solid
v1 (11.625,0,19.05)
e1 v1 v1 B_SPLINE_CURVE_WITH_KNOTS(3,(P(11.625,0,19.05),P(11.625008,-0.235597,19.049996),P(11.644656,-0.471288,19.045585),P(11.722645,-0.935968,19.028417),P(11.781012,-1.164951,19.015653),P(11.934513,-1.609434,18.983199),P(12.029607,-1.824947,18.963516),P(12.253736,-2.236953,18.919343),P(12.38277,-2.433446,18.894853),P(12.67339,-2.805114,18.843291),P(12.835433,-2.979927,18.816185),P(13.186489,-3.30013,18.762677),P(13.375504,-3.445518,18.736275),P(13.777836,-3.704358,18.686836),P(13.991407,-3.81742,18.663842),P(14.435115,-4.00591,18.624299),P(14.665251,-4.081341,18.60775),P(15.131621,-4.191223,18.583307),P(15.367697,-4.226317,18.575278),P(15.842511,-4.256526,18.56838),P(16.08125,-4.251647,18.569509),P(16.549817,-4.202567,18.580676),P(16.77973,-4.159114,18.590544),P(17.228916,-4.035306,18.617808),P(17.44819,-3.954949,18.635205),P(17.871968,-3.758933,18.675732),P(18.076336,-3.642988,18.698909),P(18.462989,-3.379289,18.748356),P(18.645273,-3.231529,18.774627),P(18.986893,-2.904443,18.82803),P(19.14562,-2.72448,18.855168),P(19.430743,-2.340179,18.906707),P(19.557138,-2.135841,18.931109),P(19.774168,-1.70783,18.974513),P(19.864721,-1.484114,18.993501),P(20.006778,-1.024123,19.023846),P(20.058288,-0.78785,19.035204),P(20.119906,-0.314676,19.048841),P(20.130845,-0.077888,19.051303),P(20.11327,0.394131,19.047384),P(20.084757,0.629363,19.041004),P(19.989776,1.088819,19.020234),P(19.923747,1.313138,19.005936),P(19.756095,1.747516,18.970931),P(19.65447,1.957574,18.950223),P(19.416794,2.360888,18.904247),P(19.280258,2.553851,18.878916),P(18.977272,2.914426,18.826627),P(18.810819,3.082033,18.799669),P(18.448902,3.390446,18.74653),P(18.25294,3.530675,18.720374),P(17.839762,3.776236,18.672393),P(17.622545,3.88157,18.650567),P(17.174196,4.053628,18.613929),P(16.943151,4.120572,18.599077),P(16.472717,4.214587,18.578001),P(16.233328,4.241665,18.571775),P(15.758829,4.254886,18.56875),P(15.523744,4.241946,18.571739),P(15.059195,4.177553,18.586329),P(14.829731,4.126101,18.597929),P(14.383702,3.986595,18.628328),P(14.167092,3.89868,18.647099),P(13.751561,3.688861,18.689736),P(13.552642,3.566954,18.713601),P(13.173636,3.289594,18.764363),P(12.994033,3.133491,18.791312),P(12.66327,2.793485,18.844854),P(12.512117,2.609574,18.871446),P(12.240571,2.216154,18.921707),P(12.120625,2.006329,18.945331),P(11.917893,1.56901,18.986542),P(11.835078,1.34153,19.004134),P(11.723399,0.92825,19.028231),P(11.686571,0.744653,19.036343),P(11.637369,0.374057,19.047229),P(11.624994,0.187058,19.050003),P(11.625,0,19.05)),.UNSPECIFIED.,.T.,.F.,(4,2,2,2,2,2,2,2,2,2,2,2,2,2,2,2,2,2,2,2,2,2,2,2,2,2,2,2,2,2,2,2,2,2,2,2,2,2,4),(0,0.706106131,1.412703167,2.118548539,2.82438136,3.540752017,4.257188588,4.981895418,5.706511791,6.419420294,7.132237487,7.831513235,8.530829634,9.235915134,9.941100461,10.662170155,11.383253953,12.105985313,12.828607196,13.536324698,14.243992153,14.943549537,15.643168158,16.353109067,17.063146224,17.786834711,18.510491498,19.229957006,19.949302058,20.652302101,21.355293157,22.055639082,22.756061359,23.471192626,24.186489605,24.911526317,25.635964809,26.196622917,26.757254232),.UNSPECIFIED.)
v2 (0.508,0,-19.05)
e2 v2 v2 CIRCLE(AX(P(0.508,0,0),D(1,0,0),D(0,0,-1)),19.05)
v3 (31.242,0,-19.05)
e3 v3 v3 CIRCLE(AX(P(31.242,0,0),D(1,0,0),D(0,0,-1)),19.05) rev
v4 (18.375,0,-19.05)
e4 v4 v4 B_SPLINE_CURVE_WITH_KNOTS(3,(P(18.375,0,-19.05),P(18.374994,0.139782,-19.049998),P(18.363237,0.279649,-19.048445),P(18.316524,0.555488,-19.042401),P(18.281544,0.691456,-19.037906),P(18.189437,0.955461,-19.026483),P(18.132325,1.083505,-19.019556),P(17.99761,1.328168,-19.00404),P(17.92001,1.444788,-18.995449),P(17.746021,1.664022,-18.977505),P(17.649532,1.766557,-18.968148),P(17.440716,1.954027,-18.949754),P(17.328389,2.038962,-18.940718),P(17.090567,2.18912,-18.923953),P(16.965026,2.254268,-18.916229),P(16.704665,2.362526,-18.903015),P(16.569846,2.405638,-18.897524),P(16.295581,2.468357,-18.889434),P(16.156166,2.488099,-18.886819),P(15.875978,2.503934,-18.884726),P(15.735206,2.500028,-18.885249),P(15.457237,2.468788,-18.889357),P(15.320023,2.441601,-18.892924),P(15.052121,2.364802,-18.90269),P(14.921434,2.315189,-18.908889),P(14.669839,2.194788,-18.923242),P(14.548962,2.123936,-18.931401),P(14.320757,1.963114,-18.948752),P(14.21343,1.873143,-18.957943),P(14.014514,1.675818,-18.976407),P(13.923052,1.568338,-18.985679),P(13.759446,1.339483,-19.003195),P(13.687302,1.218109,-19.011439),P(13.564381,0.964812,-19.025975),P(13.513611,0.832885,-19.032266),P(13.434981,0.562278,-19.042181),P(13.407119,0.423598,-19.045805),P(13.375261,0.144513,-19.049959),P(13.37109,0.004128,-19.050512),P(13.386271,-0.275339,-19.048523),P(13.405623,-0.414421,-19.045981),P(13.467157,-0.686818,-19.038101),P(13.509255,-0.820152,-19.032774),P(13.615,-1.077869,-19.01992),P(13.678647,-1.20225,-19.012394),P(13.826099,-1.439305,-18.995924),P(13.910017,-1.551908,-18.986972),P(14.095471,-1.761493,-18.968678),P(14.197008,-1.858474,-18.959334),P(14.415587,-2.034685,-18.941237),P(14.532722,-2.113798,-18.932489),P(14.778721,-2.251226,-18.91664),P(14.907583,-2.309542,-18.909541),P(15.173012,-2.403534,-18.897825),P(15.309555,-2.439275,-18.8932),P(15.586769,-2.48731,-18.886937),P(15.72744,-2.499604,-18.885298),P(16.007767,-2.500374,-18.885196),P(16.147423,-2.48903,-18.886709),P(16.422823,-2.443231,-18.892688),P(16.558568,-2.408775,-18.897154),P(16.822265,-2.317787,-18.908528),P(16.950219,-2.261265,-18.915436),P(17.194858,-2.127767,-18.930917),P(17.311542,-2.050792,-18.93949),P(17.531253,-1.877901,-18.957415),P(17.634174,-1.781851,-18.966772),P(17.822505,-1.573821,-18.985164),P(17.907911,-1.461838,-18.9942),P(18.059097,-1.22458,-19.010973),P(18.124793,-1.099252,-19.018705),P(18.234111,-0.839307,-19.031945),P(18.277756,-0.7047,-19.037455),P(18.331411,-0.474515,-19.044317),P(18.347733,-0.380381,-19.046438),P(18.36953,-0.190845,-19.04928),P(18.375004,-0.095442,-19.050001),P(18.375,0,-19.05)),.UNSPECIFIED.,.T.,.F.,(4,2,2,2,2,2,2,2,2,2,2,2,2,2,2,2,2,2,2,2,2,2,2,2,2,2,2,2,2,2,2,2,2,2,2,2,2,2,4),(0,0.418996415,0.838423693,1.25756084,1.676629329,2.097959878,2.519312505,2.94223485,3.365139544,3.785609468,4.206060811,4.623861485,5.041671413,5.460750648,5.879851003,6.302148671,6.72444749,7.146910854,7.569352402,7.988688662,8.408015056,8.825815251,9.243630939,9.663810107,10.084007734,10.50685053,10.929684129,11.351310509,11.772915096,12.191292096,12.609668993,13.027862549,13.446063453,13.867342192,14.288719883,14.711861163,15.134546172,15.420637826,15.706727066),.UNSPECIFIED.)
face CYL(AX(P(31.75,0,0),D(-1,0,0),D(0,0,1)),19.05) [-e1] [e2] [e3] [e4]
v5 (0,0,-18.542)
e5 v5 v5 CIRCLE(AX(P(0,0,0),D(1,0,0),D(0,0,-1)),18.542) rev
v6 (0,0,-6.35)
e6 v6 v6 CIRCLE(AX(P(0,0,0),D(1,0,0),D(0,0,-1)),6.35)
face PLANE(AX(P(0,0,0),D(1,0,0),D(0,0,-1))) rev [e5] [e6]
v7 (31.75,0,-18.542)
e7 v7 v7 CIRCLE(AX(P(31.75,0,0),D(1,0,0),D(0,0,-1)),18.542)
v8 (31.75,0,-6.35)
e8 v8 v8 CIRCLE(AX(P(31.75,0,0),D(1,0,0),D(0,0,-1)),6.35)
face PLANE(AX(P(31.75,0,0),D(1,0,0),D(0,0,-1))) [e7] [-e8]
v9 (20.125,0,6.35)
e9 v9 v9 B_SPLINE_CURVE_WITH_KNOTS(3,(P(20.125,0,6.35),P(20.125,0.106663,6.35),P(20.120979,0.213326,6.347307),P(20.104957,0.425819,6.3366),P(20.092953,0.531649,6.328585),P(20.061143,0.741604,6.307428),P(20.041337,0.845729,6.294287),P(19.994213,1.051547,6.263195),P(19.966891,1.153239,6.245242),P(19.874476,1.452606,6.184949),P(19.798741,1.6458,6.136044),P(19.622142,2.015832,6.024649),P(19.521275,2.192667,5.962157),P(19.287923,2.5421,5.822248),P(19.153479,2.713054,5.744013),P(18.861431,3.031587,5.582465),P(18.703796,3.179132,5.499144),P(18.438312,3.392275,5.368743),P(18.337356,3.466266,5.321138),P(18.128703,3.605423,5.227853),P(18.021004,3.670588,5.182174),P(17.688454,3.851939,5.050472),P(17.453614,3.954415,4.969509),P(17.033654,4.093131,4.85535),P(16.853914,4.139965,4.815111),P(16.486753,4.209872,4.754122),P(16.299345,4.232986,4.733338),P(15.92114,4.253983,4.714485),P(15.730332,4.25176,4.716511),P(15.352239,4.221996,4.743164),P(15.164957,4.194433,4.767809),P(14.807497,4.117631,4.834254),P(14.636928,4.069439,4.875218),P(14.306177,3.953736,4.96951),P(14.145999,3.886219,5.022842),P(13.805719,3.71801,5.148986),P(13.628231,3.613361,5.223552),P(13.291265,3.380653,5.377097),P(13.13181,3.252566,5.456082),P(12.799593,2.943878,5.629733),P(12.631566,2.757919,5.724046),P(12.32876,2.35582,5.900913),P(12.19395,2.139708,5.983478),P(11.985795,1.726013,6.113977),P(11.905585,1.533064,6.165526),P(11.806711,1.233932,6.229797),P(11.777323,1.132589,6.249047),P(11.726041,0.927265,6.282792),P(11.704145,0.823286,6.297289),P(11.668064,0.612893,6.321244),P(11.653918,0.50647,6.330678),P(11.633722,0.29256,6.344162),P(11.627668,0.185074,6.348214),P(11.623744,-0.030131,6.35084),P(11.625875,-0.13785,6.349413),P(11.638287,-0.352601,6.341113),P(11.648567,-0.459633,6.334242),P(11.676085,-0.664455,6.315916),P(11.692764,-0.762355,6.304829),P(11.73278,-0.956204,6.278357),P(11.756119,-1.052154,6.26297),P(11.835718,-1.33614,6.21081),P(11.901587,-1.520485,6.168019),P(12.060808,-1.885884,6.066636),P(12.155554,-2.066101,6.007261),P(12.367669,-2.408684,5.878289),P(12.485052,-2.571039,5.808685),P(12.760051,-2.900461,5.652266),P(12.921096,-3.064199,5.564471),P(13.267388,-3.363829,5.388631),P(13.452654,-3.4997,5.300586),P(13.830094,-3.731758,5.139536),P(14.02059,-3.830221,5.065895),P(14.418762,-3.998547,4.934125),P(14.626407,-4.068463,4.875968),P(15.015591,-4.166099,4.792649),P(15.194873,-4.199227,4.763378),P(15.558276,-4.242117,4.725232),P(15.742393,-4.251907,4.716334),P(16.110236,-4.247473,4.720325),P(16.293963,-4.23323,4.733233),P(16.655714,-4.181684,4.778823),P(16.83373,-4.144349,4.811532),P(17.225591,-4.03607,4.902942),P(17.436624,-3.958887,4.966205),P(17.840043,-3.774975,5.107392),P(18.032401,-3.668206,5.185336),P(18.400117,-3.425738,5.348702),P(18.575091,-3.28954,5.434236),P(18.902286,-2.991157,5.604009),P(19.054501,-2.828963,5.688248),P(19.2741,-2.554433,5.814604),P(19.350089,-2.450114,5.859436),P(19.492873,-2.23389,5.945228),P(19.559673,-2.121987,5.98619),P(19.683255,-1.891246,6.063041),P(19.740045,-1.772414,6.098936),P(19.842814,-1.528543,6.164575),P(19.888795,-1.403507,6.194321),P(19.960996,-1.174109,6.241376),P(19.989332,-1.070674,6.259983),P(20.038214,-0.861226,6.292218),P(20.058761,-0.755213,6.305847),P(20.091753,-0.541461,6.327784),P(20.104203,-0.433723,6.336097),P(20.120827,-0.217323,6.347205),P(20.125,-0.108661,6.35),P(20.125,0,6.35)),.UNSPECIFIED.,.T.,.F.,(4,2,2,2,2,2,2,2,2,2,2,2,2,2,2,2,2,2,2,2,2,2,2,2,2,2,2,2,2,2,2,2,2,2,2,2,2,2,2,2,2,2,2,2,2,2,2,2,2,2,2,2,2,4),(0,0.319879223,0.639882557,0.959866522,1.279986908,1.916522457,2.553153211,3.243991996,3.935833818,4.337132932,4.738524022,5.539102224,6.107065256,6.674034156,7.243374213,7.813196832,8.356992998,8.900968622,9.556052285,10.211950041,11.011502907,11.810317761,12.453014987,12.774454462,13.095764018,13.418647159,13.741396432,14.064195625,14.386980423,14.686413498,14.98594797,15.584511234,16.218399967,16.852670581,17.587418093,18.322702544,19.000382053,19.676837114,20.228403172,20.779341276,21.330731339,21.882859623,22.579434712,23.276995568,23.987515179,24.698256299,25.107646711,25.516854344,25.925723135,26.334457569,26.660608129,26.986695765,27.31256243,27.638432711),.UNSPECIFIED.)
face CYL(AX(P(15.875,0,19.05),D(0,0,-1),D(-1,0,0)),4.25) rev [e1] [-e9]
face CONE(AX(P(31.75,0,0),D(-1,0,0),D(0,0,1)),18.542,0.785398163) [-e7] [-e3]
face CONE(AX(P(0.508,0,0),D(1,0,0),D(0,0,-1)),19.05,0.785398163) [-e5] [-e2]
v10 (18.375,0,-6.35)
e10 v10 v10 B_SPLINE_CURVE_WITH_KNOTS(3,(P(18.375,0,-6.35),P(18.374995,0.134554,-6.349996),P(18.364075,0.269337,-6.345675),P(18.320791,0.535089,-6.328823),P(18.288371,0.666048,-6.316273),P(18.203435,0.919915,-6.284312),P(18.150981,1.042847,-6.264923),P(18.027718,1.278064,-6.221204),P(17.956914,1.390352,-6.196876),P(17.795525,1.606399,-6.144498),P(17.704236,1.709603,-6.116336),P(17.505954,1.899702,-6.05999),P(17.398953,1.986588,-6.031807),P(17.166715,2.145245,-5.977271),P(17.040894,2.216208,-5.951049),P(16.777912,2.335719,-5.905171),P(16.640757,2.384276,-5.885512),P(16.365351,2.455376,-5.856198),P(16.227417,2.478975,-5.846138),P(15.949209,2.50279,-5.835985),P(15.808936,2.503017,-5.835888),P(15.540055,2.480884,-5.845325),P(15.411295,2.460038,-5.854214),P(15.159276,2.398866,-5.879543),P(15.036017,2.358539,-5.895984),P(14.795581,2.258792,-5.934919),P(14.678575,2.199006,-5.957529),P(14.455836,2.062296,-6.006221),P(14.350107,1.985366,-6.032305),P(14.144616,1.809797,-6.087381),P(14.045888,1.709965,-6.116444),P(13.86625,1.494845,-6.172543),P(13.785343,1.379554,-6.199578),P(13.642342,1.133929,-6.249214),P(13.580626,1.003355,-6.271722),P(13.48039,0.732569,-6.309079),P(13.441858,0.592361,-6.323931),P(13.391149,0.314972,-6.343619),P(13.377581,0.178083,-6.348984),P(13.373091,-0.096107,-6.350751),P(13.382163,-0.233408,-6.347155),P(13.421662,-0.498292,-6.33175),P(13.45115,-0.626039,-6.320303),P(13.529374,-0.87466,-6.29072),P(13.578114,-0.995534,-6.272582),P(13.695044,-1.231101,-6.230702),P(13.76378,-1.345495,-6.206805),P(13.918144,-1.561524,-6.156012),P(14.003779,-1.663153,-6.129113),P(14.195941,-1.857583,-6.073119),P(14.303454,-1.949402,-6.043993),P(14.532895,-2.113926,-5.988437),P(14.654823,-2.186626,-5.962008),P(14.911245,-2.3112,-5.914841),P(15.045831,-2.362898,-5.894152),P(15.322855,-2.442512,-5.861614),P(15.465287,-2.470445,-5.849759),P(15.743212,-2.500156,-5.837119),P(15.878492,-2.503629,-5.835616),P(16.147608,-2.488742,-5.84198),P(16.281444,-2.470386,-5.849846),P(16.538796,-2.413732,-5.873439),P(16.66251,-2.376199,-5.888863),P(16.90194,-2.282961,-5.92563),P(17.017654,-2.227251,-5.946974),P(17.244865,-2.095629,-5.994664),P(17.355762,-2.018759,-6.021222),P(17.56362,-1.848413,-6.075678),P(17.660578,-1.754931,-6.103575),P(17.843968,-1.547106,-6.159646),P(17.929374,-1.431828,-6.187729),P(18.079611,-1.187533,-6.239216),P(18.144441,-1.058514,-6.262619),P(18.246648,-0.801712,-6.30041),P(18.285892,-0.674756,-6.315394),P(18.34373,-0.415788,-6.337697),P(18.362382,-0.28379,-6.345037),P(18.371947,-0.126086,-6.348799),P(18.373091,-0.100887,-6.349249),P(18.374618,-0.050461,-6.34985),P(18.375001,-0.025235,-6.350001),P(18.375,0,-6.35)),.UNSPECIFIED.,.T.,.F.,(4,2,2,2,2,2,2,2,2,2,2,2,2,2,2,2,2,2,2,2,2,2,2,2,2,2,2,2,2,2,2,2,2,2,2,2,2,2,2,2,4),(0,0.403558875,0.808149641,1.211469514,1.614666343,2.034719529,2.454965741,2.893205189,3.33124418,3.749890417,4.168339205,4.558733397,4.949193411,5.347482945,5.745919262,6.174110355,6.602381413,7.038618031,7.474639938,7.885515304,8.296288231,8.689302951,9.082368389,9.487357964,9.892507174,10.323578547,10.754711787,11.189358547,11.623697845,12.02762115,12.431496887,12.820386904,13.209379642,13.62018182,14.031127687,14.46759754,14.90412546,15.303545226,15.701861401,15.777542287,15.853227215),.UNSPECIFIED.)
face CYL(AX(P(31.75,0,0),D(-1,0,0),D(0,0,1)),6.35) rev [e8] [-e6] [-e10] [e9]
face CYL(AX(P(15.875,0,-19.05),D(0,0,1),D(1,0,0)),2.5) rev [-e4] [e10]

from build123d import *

# Parameters (mm, degrees)
SKETCH1_R           = 19.05
SKETCH1_R_2         = 6.35
BOSS_EXTRUDE1_DEPTH = 31.75
SKETCH2_R           = 4.25
CUT_EXTRUDE1_DEPTH  = 20.05
SKETCH2_6_R         = 2.5
CUT_EXTRUDE3_DEPTH  = 20.0500001
CHAMFER1_SIZE       = 0.508


with BuildPart() as part:
    # Sketch1 → Boss-Extrude1 (new body)
    with BuildSketch(Plane(origin=(0, 0, 0), x_dir=(0, 0, -1), z_dir=(1, 0, 0))):
        Circle(SKETCH1_R)
        Circle(SKETCH1_R_2, mode=Mode.SUBTRACT)
    extrude(amount=BOSS_EXTRUDE1_DEPTH)

    # Sketch2 → Cut-Extrude1 (cut, through all)
    with BuildSketch(Plane.XY):
        with Locations((15.875, 0)):
            Circle(SKETCH2_R)
    extrude(amount=CUT_EXTRUDE1_DEPTH, mode=Mode.SUBTRACT)

    # Sketch2<6> → Cut-Extrude3 (cut, through all)
    with BuildSketch(Plane.XY):
        with Locations((15.875, 0)):
            Circle(SKETCH2_6_R)
    extrude(amount=-CUT_EXTRUDE3_DEPTH, mode=Mode.SUBTRACT)

    # Chamfer1
    chamfer1_edges = [part.edges().sort_by_distance(p)[0] for p in [
        (0, 0, 19.05),
        (31.75, 0, 19.05),
    ]]
    chamfer(chamfer1_edges, length=CHAMFER1_SIZE)


solid = part.part
